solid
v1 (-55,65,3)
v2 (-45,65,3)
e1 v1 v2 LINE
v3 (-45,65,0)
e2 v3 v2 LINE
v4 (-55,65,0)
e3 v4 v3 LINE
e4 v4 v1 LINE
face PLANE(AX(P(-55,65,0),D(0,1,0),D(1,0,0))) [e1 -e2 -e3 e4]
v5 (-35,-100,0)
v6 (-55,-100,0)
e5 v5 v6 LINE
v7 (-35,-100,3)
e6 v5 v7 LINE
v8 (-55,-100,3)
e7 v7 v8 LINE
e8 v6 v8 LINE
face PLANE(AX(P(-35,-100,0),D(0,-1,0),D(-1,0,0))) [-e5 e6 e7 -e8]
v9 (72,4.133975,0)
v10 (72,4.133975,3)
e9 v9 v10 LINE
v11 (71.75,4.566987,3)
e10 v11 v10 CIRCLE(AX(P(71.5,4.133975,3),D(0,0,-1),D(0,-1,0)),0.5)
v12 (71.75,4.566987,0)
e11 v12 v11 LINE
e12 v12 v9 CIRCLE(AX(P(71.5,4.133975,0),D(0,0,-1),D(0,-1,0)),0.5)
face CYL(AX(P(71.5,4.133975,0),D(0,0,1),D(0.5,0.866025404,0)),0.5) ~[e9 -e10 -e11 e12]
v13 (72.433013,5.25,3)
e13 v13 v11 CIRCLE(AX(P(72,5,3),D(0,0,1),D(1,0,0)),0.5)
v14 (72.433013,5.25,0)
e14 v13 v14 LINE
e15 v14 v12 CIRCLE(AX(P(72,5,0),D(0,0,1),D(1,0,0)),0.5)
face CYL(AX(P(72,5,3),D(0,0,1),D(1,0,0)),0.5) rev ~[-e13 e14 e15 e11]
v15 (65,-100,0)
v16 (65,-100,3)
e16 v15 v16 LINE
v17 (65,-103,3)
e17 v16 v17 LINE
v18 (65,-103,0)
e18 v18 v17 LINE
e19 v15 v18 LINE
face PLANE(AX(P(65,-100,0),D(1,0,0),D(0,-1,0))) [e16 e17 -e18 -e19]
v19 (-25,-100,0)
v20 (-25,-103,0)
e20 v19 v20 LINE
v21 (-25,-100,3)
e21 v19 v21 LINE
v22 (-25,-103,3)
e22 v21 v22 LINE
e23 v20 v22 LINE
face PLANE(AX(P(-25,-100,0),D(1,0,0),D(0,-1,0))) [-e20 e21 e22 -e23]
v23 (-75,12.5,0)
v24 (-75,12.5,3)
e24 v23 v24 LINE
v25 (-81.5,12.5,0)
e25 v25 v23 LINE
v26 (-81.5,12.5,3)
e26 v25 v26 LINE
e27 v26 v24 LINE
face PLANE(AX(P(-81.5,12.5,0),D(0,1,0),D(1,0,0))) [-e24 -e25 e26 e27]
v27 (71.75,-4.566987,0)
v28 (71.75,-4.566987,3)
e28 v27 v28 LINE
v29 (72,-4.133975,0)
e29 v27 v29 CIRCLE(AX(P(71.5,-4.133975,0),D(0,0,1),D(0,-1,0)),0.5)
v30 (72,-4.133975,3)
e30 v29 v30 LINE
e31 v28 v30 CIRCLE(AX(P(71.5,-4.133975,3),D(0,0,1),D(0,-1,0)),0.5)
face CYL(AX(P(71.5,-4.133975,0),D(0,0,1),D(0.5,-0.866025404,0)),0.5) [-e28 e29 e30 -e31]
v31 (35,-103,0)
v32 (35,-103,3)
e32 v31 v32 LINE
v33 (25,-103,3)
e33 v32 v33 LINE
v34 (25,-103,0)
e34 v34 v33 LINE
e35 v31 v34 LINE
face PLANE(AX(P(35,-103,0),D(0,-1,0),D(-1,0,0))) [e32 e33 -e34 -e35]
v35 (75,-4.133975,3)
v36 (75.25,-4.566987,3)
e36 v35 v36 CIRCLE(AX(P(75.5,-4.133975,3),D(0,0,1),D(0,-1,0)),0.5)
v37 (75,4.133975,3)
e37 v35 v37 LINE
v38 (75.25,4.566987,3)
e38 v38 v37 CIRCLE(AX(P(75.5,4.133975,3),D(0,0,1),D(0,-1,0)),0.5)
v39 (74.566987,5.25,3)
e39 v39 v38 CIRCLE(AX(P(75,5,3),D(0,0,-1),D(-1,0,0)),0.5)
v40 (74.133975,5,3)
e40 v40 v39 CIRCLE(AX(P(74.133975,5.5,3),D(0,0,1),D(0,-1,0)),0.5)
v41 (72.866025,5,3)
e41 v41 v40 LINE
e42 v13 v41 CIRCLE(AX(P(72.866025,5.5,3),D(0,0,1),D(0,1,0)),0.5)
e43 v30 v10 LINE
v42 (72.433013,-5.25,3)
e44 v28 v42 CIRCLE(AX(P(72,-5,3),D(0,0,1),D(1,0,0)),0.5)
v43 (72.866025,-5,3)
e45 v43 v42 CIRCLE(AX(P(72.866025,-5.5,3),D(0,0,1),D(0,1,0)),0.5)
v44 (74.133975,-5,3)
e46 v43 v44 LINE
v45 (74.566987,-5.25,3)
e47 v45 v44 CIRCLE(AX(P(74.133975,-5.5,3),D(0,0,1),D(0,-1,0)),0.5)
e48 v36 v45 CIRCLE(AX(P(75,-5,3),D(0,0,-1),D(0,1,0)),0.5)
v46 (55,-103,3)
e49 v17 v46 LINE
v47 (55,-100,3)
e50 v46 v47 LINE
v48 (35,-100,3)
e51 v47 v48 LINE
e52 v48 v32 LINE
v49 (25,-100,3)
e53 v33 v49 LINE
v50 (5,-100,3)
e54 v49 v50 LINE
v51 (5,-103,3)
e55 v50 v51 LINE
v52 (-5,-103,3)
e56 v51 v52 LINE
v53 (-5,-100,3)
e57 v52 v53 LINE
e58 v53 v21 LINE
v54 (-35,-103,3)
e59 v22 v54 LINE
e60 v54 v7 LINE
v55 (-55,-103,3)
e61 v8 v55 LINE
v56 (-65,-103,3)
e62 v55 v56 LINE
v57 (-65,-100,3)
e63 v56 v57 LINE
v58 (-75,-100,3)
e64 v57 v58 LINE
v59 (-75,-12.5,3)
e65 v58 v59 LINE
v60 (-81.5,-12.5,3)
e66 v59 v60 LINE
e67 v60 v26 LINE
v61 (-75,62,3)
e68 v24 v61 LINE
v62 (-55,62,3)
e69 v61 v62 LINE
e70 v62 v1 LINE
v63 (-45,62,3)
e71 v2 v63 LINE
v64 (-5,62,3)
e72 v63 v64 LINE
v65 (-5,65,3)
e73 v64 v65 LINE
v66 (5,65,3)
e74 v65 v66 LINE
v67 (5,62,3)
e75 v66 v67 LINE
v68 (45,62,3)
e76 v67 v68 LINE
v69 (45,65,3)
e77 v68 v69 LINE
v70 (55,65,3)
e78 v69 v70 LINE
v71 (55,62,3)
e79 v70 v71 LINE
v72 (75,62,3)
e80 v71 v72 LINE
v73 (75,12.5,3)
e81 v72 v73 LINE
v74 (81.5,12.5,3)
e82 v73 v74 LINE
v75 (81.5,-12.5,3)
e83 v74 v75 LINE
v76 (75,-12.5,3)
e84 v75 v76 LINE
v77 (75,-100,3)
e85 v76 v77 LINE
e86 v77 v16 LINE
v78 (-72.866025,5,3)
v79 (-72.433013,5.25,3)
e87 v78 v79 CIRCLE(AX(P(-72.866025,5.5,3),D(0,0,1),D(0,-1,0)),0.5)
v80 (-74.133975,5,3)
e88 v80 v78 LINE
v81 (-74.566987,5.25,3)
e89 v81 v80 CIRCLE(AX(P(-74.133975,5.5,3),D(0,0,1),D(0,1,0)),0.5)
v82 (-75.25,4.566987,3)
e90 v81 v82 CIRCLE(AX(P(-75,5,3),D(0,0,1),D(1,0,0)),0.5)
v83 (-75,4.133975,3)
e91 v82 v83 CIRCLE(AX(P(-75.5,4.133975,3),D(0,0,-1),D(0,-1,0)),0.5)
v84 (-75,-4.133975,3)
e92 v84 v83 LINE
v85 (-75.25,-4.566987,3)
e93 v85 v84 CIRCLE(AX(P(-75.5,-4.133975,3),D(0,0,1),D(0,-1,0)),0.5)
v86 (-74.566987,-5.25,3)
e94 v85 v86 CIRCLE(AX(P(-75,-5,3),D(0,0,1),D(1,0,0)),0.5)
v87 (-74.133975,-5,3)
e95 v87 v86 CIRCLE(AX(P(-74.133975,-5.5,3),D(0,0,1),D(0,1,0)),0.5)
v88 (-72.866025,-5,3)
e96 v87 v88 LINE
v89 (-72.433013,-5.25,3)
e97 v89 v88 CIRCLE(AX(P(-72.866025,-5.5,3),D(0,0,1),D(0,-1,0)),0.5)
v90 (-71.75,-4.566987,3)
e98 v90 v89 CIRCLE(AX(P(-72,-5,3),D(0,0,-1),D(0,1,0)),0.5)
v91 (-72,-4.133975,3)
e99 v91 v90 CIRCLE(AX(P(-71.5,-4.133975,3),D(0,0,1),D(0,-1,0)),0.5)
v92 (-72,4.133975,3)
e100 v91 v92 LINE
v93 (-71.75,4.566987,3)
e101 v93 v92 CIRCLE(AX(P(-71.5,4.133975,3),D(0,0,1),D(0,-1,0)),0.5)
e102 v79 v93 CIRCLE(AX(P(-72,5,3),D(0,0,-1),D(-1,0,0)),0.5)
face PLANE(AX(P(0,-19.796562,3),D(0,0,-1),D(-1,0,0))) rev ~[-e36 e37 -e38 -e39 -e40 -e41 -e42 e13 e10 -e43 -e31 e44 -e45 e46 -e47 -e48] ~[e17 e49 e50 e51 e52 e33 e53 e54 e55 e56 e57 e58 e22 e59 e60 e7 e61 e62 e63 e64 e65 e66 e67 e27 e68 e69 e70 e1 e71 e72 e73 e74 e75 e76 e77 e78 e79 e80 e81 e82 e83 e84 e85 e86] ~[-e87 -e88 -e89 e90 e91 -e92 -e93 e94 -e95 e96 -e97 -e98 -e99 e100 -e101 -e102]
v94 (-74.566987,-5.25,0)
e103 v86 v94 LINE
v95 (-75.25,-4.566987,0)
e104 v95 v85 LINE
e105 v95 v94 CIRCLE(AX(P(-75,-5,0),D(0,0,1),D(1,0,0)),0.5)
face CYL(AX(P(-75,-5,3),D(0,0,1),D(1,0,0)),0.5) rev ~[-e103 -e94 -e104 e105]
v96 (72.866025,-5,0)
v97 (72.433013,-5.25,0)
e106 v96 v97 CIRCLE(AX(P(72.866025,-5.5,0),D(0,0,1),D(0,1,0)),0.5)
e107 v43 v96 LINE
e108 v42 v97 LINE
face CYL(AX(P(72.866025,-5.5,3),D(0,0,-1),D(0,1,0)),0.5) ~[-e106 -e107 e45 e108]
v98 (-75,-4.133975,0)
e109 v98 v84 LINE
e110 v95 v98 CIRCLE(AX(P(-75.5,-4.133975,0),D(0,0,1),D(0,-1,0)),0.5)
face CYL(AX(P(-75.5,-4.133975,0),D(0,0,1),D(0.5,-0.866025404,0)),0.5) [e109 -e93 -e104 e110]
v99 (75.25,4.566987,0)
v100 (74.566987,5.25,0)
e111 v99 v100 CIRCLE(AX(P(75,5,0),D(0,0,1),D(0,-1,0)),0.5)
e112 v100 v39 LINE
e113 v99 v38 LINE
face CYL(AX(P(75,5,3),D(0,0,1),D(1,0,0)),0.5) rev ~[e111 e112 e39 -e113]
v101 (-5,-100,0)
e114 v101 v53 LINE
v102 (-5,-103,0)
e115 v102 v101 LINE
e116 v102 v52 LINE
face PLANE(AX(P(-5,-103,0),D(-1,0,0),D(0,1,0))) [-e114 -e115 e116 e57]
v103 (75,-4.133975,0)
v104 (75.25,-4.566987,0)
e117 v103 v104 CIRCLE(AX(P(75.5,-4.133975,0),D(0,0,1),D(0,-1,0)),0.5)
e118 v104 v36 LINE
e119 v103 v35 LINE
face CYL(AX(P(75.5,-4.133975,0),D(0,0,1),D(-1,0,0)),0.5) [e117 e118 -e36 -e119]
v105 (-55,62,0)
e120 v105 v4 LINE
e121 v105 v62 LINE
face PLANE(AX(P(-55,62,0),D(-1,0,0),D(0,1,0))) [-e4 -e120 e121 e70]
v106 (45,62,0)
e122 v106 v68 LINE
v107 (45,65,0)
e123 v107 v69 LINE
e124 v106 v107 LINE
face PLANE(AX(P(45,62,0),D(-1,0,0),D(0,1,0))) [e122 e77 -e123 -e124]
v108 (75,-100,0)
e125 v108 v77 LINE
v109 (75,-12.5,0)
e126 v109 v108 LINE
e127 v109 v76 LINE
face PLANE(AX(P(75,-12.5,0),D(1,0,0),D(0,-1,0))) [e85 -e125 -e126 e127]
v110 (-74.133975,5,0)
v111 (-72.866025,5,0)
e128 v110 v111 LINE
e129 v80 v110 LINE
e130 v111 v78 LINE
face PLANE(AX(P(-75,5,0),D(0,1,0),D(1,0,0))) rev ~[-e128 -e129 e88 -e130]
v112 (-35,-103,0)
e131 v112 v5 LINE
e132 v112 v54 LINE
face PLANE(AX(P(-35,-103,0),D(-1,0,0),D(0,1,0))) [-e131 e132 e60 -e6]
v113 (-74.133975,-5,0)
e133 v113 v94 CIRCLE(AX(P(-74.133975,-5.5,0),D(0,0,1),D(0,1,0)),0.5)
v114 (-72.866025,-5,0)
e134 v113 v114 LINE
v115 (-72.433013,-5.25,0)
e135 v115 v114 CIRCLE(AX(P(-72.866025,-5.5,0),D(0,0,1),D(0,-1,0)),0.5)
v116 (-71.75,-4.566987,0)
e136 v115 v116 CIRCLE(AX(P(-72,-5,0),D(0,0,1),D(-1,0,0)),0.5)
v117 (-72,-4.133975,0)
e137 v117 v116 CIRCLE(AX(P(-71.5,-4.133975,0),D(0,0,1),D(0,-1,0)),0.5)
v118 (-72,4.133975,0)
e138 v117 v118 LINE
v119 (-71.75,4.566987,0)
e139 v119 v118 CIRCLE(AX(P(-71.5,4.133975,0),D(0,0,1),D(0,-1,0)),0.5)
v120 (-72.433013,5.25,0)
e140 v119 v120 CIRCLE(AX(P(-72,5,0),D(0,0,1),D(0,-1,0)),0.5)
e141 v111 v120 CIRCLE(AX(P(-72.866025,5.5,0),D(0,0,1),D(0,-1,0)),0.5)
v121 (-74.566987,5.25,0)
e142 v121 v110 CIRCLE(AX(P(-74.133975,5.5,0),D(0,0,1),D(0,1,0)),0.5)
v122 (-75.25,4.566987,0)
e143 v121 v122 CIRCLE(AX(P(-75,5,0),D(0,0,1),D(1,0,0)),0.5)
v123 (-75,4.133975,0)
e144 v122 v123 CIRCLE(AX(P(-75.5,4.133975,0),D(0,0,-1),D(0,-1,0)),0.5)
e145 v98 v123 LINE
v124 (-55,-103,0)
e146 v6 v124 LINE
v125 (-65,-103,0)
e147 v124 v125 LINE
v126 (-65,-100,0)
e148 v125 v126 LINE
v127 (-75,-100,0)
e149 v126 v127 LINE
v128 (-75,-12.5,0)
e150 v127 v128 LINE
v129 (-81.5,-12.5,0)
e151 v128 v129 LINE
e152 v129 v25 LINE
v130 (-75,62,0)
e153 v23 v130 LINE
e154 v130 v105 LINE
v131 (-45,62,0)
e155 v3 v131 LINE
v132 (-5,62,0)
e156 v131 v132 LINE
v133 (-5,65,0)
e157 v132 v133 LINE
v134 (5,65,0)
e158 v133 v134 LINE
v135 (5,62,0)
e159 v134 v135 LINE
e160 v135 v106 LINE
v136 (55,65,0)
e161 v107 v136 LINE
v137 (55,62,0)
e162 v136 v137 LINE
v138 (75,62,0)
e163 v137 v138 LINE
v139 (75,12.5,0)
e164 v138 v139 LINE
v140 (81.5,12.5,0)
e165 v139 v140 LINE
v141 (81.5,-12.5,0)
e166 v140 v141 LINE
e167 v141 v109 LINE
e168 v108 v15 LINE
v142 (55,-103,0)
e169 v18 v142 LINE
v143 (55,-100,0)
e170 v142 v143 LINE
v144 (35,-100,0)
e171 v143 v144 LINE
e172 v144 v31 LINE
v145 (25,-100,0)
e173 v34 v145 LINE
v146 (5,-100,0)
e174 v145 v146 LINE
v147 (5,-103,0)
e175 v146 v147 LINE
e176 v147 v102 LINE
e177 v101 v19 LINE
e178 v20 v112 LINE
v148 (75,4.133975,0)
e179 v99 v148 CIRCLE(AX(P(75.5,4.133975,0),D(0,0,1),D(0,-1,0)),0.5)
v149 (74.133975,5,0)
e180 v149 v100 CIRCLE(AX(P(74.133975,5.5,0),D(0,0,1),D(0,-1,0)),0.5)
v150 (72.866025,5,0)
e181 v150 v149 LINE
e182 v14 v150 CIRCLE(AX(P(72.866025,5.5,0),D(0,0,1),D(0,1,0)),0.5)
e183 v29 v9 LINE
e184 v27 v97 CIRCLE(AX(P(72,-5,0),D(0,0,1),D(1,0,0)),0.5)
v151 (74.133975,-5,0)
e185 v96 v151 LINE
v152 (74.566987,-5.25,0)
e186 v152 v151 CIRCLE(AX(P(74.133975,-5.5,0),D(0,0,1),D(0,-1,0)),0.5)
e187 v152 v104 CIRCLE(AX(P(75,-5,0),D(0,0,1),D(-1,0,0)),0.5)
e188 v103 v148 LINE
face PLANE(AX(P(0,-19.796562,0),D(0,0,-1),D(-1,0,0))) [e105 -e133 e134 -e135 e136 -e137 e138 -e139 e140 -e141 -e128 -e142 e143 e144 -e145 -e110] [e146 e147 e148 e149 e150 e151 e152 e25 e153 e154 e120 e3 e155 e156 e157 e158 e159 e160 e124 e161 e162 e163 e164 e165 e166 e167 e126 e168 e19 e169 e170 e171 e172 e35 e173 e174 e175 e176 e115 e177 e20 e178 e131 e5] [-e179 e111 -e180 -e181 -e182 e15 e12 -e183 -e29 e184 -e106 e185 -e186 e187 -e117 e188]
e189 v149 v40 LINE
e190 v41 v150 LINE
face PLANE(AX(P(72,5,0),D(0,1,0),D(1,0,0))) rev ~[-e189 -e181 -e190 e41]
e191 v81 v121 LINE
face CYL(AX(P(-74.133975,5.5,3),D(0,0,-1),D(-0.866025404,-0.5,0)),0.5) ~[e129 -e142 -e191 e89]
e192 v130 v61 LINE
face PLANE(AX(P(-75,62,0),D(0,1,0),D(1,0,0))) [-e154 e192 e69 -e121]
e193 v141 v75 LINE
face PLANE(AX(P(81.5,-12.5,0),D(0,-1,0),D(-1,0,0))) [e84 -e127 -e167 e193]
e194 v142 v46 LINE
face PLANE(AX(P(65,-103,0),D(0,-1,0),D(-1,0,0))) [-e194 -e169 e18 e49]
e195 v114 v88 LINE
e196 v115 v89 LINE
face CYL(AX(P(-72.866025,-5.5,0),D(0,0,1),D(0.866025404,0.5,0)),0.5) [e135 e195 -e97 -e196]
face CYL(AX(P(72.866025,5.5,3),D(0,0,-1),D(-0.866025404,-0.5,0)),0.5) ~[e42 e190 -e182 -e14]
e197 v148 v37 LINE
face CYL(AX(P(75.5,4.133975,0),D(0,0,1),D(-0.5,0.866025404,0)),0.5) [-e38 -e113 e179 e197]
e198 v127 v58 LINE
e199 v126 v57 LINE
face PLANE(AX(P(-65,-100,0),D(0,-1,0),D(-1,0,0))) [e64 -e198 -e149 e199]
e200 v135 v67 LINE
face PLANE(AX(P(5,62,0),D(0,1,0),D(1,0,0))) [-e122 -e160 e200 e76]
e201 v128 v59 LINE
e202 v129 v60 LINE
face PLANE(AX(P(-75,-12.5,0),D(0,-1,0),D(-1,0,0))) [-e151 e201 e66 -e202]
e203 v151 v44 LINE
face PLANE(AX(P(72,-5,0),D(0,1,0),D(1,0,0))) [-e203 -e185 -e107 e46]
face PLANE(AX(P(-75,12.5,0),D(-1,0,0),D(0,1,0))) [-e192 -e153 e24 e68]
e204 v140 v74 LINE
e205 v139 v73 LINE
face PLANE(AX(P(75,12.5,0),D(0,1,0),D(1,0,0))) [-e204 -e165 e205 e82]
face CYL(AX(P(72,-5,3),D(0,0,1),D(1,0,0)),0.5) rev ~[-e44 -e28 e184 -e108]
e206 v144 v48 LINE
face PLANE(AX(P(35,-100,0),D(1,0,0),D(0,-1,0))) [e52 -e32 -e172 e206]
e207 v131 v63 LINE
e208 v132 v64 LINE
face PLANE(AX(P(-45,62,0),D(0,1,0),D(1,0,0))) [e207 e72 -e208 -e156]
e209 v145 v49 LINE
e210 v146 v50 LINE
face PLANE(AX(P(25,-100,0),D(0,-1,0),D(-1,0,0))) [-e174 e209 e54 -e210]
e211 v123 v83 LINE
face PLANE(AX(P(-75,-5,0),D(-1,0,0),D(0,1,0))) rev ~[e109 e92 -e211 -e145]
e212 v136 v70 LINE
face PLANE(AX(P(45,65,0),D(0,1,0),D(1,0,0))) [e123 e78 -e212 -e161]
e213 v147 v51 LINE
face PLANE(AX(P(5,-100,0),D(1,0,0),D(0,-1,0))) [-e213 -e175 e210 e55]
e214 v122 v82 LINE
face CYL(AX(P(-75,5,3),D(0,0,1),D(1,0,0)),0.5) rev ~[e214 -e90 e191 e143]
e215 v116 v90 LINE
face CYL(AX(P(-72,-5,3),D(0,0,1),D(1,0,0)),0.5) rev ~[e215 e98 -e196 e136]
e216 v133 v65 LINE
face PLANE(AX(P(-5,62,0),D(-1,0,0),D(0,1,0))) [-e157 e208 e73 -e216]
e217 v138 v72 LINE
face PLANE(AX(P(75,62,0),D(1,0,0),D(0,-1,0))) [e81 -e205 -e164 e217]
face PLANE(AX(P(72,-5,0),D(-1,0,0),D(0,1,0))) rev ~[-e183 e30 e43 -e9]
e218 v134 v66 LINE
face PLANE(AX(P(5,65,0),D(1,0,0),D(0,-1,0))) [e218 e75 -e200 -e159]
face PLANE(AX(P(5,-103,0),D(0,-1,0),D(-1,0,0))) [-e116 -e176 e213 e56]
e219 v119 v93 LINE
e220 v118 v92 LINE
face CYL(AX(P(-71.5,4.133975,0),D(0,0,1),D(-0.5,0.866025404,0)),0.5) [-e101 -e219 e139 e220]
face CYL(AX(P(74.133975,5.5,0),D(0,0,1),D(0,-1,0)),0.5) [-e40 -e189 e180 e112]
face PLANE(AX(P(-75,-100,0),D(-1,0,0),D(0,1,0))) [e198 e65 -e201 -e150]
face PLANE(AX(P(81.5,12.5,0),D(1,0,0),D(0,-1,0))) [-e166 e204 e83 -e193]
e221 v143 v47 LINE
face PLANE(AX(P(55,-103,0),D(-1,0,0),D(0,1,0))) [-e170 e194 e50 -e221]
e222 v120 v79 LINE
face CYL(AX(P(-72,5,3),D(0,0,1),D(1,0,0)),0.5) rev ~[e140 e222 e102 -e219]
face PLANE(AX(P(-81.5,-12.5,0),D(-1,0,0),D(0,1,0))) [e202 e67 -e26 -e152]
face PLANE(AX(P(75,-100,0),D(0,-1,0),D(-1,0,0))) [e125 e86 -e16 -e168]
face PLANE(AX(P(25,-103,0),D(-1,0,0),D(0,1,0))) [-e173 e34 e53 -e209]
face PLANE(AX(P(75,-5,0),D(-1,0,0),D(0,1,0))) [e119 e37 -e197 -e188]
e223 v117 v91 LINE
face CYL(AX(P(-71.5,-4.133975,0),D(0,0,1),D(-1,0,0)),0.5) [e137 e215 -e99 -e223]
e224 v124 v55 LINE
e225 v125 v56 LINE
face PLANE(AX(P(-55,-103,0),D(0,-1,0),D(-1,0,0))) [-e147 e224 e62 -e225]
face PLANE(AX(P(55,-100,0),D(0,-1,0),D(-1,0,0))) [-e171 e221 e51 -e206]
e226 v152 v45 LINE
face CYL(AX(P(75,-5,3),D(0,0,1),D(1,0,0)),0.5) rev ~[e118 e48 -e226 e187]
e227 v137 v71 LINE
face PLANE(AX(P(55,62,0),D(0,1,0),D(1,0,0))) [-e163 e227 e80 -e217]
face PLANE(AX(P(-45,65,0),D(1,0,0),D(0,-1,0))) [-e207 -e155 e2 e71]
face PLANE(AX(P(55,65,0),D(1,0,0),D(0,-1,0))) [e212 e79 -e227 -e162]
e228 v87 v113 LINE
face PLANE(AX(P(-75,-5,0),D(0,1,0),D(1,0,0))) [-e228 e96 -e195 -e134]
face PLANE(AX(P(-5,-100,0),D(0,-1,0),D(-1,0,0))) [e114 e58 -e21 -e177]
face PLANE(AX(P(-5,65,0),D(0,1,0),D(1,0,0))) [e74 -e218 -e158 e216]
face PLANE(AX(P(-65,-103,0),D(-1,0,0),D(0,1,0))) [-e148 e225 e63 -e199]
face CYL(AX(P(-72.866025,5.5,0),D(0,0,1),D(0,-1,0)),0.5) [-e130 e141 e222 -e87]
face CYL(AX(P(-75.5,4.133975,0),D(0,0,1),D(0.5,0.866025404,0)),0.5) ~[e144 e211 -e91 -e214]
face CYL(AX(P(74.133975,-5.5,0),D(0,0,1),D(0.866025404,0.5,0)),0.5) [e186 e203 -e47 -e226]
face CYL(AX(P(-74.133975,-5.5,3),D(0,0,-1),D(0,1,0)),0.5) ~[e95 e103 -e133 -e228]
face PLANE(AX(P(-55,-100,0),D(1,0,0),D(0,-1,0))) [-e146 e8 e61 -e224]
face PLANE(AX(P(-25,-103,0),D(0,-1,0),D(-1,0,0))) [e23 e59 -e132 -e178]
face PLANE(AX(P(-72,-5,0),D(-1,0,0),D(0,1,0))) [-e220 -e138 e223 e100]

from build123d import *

# Parameters (mm, degrees)
SKETCH1_W           = 3
SKETCH1_H           = 10
BOSS_EXTRUDE2_DEPTH = 3
SKETCH2_R           = 0.5
CUT_EXTRUDE1_DEPTH  = 132.378270654
FILLET1_R           = 0.5


with BuildPart() as part:
    # Sketch1 → Boss-Extrude2 (new body)
    with BuildSketch(Plane.XY):
        Polygon((-5, 65), (5, 65), (5, 62), (45, 62), (45, 65), (55, 65), (55, 62), (75, 62), (75, 12.5), (81.5, 12.5), (81.5, -12.5), (75, -12.5), (75, -100), (65, -100), (65, -103), (55, -103), (55, -100), (35, -100), (35, -103), (25, -103), (25, -100), (5, -100), (5, -103), (-5, -103), (-5, -100), (-25, -100), (-25, -103), (-35, -103), (-35, -100), (-55, -100), (-55, -103), (-65, -103), (-65, -100), (-75, -100), (-75, -12.5), (-81.5, -12.5), (-81.5, 12.5), (-75, 12.5), (-75, 62), (-55, 62), (-55, 65), (-45, 65), (-45, 62), (-5, 62), align=None)
        with Locations((-73.5, 0)):
            Rectangle(SKETCH1_W, SKETCH1_H, mode=Mode.SUBTRACT)
        with Locations((73.5, 0)):
            Rectangle(SKETCH1_W, SKETCH1_H, mode=Mode.SUBTRACT)
    extrude(amount=BOSS_EXTRUDE2_DEPTH)

    # Sketch2 → Cut-Extrude1 (cut, through all)
    with BuildSketch(Plane.XY.offset(3)):
        with Locations((-72, 5)):
            Circle(SKETCH2_R)
        with Locations((-72, -5)):
            Circle(SKETCH2_R)
        with Locations((-75, 5)):
            Circle(SKETCH2_R)
        with Locations((-75, -5)):
            Circle(SKETCH2_R)
        with Locations((75, -5)):
            Circle(SKETCH2_R)
        with Locations((72, -5)):
            Circle(SKETCH2_R)
        with Locations((72, 5)):
            Circle(SKETCH2_R)
        with Locations((75, 5)):
            Circle(SKETCH2_R)
    extrude(amount=-CUT_EXTRUDE1_DEPTH, mode=Mode.SUBTRACT)

    # Fillet1
    fillet1_edges = [part.edges().sort_by_distance(p)[0] for p in [
        (75, 4.5, 1.5),
        (75, -4.5, 1.5),
        (72.5, -5, 1.5),
        (72, 4.5, 1.5),
        (-72.5, -5, 1.5),
        (-74.5, -5, 1.5),
        (-75, 4.5, 1.5),
        (-72.5, 5, 1.5),
        (74.5, -5, 1.5),
        (-75, -4.5, 1.5),
        (-74.5, 5, 1.5),
        (-72, -4.5, 1.5),
        (72, -4.5, 1.5),
        (72.5, 5, 1.5),
        (74.5, 5, 1.5),
        (-72, 4.5, 1.5),
    ]]
    fillet(fillet1_edges, radius=FILLET1_R)


solid = part.part
